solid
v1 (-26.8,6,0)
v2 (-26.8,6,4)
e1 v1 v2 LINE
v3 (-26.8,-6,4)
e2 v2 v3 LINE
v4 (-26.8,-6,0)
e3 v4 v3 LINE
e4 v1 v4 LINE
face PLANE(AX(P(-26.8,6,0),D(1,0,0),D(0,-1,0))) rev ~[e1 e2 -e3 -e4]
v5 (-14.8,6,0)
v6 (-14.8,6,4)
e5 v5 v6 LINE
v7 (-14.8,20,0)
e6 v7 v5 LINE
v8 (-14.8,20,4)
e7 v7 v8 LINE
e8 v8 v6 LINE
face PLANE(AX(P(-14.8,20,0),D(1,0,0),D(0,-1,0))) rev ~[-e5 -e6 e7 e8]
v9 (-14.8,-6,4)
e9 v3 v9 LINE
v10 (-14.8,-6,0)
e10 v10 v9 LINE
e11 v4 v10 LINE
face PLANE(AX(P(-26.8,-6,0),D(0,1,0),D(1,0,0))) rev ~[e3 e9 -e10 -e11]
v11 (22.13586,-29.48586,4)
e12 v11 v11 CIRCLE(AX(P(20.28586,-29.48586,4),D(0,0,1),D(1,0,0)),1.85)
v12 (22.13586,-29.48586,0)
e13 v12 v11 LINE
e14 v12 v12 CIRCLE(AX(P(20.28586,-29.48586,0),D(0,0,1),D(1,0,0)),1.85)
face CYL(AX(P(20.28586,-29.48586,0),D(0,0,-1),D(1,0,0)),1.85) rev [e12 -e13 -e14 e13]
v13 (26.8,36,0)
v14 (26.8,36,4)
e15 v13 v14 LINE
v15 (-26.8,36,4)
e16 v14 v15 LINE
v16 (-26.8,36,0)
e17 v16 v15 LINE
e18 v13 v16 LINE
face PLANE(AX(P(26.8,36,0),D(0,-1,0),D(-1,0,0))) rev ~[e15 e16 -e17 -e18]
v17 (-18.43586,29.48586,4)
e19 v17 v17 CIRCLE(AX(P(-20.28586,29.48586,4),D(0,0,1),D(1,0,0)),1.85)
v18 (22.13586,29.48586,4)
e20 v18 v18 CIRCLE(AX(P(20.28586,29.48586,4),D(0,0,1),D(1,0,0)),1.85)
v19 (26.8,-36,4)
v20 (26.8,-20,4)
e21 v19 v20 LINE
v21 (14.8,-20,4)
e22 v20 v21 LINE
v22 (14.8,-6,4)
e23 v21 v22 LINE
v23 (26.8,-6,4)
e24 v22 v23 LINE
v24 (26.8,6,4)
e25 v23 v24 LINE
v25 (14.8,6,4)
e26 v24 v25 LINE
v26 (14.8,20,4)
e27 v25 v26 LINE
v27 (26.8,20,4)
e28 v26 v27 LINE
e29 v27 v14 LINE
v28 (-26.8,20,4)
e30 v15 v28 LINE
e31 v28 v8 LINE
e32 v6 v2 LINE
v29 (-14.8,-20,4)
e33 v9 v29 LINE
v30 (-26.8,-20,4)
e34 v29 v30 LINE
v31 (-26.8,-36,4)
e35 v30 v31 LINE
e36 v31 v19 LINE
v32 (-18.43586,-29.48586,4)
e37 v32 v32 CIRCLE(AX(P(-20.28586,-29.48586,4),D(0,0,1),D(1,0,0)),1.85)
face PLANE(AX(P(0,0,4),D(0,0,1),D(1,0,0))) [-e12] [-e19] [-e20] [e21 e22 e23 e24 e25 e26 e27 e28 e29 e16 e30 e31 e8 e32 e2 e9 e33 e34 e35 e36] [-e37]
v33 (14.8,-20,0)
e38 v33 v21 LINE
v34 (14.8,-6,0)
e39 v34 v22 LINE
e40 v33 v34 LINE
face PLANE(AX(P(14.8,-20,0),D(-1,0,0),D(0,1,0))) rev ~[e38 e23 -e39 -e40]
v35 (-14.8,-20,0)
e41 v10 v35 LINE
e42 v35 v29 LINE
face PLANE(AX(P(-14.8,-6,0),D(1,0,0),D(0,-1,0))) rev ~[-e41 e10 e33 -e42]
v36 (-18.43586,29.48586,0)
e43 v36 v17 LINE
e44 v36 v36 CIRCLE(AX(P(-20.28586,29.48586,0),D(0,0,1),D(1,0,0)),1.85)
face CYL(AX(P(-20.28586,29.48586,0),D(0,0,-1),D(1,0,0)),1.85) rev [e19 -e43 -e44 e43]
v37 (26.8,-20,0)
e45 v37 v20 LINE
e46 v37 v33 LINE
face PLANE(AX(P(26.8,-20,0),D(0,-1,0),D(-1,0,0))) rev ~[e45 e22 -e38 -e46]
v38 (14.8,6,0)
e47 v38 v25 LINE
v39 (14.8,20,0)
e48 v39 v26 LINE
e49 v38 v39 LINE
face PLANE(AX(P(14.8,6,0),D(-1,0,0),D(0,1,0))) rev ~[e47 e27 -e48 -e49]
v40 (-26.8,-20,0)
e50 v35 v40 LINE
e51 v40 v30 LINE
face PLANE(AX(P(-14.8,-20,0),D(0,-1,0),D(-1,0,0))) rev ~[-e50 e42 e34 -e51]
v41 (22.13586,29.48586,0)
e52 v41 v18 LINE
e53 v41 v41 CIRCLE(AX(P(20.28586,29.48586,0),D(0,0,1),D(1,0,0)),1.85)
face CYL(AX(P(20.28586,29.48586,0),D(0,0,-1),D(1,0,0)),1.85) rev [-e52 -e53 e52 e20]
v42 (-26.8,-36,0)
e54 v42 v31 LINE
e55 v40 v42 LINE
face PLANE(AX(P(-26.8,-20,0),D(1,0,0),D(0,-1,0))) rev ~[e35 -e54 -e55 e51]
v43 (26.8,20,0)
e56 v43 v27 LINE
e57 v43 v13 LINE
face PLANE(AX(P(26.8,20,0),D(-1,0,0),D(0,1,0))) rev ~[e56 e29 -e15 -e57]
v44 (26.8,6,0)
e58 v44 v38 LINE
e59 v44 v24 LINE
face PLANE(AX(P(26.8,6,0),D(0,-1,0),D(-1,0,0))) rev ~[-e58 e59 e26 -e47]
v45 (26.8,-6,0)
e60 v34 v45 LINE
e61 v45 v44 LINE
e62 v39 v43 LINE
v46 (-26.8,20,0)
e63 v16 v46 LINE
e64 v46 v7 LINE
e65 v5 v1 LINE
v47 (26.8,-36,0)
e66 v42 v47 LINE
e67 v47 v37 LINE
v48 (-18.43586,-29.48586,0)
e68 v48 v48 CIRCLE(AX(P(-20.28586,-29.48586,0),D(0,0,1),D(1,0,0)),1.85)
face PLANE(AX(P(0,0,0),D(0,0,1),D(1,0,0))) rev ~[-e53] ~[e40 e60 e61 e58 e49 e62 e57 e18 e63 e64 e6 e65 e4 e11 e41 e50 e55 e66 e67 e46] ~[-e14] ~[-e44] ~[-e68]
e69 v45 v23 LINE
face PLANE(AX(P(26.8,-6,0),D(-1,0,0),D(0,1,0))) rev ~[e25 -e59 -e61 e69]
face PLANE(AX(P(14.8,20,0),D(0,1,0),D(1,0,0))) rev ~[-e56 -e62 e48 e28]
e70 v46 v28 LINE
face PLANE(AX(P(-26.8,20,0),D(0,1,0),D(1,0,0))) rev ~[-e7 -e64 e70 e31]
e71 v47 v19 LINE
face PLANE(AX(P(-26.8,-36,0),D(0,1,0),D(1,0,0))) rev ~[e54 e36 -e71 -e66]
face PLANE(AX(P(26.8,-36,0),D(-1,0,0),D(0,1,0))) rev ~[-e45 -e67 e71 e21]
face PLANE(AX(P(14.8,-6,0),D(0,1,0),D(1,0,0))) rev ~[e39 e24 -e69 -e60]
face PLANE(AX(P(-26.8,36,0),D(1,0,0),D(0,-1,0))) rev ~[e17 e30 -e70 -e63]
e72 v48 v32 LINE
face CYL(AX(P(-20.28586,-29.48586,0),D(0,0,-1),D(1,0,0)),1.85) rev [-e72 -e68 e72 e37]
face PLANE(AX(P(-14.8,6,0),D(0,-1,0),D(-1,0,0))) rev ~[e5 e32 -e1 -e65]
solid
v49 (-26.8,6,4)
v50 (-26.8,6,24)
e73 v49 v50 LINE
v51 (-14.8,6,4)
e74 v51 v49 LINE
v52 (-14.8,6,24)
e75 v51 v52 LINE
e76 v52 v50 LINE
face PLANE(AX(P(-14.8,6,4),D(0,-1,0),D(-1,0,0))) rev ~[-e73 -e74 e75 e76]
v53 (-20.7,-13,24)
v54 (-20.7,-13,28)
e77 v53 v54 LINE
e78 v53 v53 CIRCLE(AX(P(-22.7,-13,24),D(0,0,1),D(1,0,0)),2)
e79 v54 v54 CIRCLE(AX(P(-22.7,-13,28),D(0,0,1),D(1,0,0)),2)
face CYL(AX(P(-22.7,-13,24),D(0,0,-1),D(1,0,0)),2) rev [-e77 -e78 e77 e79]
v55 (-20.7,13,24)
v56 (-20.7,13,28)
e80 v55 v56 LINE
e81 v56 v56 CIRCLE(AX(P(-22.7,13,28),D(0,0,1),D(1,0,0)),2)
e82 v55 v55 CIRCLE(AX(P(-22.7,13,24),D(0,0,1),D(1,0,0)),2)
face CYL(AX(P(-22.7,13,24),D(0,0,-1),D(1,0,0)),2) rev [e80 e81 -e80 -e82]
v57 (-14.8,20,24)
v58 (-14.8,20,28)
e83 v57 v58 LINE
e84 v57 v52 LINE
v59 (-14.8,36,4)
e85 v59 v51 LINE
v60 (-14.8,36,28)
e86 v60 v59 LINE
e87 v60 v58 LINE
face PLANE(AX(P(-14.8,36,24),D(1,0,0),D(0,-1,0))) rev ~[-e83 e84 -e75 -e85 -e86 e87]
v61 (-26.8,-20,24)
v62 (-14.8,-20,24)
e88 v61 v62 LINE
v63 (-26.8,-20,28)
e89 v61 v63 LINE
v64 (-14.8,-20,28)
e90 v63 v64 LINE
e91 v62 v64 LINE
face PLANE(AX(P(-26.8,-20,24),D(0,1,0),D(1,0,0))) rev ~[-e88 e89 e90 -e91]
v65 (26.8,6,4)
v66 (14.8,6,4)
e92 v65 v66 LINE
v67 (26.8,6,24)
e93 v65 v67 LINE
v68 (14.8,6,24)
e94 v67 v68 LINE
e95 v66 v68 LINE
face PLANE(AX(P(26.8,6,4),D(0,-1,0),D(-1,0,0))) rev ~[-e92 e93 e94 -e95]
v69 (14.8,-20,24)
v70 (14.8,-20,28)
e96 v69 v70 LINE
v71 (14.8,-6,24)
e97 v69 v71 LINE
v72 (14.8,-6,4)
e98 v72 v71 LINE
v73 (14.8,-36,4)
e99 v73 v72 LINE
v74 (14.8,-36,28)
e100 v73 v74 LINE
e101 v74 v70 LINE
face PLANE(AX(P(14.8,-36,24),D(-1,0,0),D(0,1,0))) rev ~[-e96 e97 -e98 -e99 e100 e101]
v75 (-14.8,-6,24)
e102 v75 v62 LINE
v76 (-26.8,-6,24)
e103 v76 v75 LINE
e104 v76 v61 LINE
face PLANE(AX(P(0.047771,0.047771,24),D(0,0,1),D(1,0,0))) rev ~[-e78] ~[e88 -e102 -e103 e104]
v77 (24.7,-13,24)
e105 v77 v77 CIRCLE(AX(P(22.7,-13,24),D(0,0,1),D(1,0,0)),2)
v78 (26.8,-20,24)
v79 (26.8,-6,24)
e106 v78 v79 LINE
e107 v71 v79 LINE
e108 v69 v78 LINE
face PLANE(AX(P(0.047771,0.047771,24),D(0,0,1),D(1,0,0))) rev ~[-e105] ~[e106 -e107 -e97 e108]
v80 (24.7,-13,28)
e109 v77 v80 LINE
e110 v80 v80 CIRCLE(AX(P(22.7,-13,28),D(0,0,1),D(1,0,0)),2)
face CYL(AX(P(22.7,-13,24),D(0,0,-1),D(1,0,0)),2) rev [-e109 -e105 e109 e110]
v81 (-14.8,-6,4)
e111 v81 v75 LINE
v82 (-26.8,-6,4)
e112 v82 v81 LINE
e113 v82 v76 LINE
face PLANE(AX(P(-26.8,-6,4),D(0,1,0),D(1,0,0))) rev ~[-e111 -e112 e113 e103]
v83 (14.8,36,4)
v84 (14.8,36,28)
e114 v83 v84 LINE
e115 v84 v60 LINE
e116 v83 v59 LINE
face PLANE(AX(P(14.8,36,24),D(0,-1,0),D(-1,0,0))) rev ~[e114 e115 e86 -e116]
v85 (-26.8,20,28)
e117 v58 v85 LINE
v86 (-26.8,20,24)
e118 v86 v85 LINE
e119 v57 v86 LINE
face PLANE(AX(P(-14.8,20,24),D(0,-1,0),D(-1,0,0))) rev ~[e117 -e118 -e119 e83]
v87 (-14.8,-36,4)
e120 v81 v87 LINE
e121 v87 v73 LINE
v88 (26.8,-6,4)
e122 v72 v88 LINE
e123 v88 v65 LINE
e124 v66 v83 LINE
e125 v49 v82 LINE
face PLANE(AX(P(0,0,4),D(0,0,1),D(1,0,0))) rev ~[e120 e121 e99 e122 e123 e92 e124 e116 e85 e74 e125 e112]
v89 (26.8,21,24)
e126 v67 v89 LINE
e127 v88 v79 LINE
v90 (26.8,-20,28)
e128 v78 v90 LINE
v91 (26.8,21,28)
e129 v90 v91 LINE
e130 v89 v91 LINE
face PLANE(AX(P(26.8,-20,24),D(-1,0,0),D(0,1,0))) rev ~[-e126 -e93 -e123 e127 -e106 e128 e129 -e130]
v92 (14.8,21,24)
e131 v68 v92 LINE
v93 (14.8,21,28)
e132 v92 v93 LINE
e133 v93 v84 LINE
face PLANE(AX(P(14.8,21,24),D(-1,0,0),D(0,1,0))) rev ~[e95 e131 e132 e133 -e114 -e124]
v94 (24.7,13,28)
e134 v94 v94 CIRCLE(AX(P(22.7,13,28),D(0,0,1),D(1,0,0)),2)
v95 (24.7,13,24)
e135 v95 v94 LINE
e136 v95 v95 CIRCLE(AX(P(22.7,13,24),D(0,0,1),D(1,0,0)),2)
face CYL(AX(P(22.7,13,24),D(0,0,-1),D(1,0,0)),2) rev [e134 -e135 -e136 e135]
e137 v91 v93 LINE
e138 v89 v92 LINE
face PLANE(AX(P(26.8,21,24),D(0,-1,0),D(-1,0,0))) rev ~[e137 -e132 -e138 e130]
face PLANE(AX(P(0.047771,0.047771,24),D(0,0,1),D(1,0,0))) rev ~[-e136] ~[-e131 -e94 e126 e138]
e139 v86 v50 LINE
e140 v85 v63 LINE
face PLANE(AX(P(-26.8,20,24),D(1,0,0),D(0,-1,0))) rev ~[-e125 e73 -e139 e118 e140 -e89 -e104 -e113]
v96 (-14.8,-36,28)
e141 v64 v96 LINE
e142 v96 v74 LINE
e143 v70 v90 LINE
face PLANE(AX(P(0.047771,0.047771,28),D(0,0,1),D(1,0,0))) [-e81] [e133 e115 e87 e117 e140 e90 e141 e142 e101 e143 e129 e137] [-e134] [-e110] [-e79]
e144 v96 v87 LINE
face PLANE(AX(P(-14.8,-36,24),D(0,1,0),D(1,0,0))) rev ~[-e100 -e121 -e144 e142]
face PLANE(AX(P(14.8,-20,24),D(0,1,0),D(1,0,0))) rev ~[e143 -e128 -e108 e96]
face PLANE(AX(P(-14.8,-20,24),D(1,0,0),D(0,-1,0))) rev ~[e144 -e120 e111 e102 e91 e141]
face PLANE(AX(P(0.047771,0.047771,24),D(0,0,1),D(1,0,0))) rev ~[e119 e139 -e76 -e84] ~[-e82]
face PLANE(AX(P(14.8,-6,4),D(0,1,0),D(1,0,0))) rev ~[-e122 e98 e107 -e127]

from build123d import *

# Parameters (mm, degrees)
F0_R     = 1.85
F1_DEPTH = 4
F3_DEPTH = 20
F4_R     = 2
F5_DEPTH = 4


with BuildPart() as f1:
    # F0 (on Top) → F1 (new body)
    with BuildSketch(Plane.XY):
        Polygon((26.8, 20), (26.8, 36), (-26.8, 36), (-26.8, 20), (-14.8, 20), (-14.8, 6), (-26.8, 6), (-26.8, -6), (-14.8, -6), (-14.8, -20), (-26.8, -20), (-26.8, -36), (26.8, -36), (26.8, -20), (14.8, -20), (14.8, -6), (26.8, -6), (26.8, 6), (14.8, 6), (14.8, 20), align=None)
        with Locations((-20.28586, -29.48586)):
            Circle(F0_R, mode=Mode.SUBTRACT)
        with Locations((20.28586, -29.48586)):
            Circle(F0_R, mode=Mode.SUBTRACT)
        with Locations((-20.28586, 29.48586)):
            Circle(F0_R, mode=Mode.SUBTRACT)
        with Locations((20.28586, 29.48586)):
            Circle(F0_R, mode=Mode.SUBTRACT)
    extrude(amount=F1_DEPTH)


with BuildPart() as f3:
    # F2 (on face) → F3 (new body)
    with BuildSketch(Plane.XY.offset(4)):
        Polygon((14.8, 20), (14.8, 36), (-14.8, 36), (-14.8, 20), (-14.8, 6), (-26.8, 6), (-26.8, -6), (-14.8, -6), (-14.8, -20), (-14.8, -36), (14.8, -36), (14.8, -20), (14.8, -6), (26.8, -6), (26.8, 6), (14.8, 6), align=None)
    extrude(amount=F3_DEPTH)

    # F4 (on face) → F5 (join)
    with BuildSketch(Plane.XY.offset(24)):
        Polygon((-14.8, -36), (14.8, -36), (14.8, -20), (26.8, -20), (26.8, 21), (14.8, 21), (14.8, 36), (-14.8, 36), (-14.8, 20), (-26.8, 20), (-26.8, -20), (-14.8, -20), align=None)
        with Locations((-22.7, -13)):
            Circle(F4_R, mode=Mode.SUBTRACT)
        with Locations((22.7, -13)):
            Circle(F4_R, mode=Mode.SUBTRACT)
        with Locations((-22.7, 13)):
            Circle(F4_R, mode=Mode.SUBTRACT)
        with Locations((22.7, 13)):
            Circle(F4_R, mode=Mode.SUBTRACT)
    extrude(amount=F5_DEPTH)


solid = Compound([f1.part, f3.part])
